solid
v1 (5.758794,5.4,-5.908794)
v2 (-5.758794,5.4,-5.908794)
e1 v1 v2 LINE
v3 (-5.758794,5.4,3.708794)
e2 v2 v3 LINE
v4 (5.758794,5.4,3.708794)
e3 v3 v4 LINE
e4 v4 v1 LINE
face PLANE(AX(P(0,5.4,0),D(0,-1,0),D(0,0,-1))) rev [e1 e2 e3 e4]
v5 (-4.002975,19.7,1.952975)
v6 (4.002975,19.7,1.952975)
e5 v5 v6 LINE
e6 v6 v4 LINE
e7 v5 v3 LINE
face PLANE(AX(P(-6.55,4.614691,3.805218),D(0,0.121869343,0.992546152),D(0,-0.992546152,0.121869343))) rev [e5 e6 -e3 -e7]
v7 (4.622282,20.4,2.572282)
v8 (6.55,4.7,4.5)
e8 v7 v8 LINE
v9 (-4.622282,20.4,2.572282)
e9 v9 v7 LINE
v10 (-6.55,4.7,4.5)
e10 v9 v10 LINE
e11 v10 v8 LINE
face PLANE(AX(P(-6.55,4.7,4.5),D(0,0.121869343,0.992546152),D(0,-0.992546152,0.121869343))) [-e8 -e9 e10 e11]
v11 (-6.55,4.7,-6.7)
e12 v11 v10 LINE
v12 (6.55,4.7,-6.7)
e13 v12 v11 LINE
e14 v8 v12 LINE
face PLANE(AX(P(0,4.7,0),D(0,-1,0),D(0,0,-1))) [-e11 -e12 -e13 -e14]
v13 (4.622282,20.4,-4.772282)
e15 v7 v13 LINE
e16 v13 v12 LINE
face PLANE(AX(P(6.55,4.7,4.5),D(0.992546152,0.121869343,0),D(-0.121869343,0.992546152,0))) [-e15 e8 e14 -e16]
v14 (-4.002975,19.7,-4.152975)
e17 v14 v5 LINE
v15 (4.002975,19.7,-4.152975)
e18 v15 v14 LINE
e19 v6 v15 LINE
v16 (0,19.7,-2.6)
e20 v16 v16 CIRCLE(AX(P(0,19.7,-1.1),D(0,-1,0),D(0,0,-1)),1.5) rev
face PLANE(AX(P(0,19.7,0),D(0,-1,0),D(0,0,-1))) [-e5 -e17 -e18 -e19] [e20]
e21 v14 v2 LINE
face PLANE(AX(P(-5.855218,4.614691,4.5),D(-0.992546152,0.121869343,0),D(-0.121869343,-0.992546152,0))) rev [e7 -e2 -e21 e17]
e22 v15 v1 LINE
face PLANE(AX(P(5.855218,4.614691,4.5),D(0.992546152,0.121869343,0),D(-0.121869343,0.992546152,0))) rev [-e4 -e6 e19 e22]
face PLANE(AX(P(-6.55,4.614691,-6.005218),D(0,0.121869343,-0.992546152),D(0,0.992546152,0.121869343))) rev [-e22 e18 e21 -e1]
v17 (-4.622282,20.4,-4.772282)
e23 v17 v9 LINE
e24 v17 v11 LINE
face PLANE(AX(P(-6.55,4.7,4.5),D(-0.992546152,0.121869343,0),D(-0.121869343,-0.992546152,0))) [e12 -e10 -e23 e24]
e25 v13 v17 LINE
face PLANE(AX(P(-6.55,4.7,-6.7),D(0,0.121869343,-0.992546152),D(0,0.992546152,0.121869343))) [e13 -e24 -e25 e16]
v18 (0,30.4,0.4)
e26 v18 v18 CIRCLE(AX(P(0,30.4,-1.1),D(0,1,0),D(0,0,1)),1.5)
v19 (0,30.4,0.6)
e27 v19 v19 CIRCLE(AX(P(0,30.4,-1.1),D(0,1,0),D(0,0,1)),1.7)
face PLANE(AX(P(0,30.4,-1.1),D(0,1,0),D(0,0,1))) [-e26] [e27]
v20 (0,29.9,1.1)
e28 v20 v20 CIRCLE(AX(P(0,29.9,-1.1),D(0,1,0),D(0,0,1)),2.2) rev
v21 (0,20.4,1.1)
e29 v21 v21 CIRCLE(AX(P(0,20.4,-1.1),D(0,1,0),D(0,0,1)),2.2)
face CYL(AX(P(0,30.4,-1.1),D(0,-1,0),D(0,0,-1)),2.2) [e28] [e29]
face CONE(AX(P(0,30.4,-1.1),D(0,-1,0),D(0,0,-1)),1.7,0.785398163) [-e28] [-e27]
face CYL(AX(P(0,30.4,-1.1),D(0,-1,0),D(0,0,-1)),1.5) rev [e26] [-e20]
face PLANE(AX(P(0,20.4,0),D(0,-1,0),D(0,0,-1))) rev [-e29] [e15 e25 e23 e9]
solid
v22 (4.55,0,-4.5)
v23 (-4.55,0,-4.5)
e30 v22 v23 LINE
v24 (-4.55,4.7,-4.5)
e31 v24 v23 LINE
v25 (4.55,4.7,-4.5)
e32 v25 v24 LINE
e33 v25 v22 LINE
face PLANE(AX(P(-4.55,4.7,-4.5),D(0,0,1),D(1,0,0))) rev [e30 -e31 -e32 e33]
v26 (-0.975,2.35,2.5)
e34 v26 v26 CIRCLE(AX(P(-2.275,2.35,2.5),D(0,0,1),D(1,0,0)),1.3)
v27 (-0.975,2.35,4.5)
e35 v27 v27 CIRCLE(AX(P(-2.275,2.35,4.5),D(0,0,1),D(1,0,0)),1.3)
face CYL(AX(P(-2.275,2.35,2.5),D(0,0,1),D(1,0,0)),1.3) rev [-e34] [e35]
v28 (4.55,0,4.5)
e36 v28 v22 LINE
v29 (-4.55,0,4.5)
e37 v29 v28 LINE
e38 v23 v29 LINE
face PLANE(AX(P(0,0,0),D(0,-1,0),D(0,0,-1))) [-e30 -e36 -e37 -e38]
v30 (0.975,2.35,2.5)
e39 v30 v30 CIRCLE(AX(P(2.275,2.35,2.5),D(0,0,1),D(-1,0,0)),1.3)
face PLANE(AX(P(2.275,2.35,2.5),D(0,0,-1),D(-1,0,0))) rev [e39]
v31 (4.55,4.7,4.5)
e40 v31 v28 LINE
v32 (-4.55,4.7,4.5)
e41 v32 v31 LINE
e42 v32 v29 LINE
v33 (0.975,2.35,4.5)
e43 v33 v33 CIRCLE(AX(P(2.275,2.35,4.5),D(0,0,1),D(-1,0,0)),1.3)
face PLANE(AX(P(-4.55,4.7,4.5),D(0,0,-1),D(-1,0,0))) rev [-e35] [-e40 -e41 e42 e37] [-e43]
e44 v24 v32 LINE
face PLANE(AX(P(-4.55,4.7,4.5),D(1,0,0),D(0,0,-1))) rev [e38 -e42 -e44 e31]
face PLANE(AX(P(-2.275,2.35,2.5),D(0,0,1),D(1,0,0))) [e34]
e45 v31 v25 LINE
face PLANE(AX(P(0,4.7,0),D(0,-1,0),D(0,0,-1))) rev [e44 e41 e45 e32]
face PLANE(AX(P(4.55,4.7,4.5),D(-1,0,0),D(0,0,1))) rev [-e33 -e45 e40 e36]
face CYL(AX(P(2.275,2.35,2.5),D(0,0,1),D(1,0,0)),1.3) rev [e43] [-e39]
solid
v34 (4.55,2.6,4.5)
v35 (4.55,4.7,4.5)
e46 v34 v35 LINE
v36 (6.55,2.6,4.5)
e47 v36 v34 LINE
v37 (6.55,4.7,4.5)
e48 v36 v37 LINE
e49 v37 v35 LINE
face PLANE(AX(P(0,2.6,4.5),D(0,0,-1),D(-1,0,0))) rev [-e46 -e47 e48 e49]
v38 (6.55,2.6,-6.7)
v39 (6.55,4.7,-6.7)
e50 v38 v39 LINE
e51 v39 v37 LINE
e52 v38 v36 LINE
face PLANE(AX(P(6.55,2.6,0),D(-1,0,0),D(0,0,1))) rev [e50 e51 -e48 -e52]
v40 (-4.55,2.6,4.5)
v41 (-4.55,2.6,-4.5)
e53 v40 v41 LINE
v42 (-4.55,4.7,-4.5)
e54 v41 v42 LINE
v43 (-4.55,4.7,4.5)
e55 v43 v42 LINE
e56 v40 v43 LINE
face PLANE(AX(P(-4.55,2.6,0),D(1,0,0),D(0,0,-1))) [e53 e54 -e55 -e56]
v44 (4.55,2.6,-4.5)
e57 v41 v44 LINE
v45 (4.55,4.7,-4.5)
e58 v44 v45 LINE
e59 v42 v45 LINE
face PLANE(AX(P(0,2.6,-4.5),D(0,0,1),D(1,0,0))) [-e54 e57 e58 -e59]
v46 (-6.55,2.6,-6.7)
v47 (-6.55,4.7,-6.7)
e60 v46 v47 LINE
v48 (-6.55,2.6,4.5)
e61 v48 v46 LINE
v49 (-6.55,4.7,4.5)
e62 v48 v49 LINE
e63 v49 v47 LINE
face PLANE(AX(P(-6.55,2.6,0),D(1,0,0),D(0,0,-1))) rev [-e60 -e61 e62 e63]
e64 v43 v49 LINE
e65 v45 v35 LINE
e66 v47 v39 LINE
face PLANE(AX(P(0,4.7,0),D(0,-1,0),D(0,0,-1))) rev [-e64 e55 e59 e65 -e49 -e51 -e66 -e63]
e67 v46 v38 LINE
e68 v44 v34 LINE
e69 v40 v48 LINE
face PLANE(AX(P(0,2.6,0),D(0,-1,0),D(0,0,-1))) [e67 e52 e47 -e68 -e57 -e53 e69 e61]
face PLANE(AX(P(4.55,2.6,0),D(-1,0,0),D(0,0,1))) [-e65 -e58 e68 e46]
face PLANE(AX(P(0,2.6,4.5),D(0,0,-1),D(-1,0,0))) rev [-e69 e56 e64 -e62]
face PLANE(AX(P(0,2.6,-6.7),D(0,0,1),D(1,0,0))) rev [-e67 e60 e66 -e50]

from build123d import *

# Parameters (mm, degrees)
ESBO_O1_W                = 9.1
ESBO_O1_H                = 9
RESSALTO_EXTRUS_O1_DEPTH = 4.7
ESBO_O2_W                = 13.1
ESBO_O2_H                = 11.2
RESSALTO_EXTRUS_O2_DEPTH = 15.7
RESSALTO_EXTRUS_O2_TAPER = 7
ESBO_O3_R                = 2.2
RESSALTO_EXTRUS_O3_DEPTH = 10
CASCA1_T                 = -0.7
CHANFRO1_SIZE            = 0.5
ESBO_O4_R                = 1.3
CORTE_EXTRUS_O1_DEPTH    = 2
RESSALTO_EXTRUS_O4_DEPTH = 2.1


with BuildPart() as part:
    # Esboço1 → Ressalto-extrusão1 (new body)
    with BuildSketch(Plane(origin=(0, 0, 0), x_dir=(1, 0, 0), z_dir=(0, 1, 0))):
        Rectangle(ESBO_O1_W, ESBO_O1_H)
    extrude(amount=RESSALTO_EXTRUS_O1_DEPTH)

    # Esboço4 → Corte-extrusão1 (cut)
    with BuildSketch(Plane.XY.offset(4.5)):
        with Locations((-2.275, 2.35)):
            Circle(ESBO_O4_R)
        with Locations(Location((2.275, 2.35, 0), (0, 0, 180))):
            Circle(ESBO_O4_R)
    extrude(amount=-CORTE_EXTRUS_O1_DEPTH, mode=Mode.SUBTRACT)


with BuildPart() as body_2:
    # Esboço2 → Ressalto-extrusão2 (new body)
    with BuildSketch(Plane(origin=(0, 4.7, 0), x_dir=(1, 0, 0), z_dir=(0, 1, 0))):
        with Locations((0, 1.1)):
            Rectangle(ESBO_O2_W, ESBO_O2_H)
    extrude(amount=RESSALTO_EXTRUS_O2_DEPTH, taper=RESSALTO_EXTRUS_O2_TAPER)

    # Esboço3 → Ressalto-extrusão3 (add)
    with BuildSketch(Plane(origin=(0, 20.4, 0), x_dir=(1, 0, 0), z_dir=(0, 1, 0))):
        with Locations(Location((0, 1.1, 0), (0, 0, 270))):
            Circle(ESBO_O3_R)
    extrude(amount=RESSALTO_EXTRUS_O3_DEPTH)

    # Casca1
    casca1_openings = [body_2.faces().sort_by_distance(p)[0] for p in [
        (0, 30.4, -1.1),
    ]]
    offset(amount=CASCA1_T, openings=casca1_openings, kind=Kind.INTERSECTION)

    # Chanfro1
    chanfro1_edges = [body_2.edges().sort_by_distance(p)[0] for p in [
        (0, 30.4, -3.3),
    ]]
    chamfer(chanfro1_edges, length=CHANFRO1_SIZE)


with BuildPart() as body_3:
    # Esboço5 → Ressalto-extrusão4 (new body)
    with BuildSketch(Plane.XZ.offset(-4.7)):
        Polygon((-4.55, 4.5), (-6.55, 4.5), (-6.55, -6.7), (6.55, -6.7), (6.55, 4.5), (4.55, 4.5), (4.55, -4.5), (-4.55, -4.5), align=None)
    extrude(amount=RESSALTO_EXTRUS_O4_DEPTH)


solid = Compound([part.part, body_2.part, body_3.part])
